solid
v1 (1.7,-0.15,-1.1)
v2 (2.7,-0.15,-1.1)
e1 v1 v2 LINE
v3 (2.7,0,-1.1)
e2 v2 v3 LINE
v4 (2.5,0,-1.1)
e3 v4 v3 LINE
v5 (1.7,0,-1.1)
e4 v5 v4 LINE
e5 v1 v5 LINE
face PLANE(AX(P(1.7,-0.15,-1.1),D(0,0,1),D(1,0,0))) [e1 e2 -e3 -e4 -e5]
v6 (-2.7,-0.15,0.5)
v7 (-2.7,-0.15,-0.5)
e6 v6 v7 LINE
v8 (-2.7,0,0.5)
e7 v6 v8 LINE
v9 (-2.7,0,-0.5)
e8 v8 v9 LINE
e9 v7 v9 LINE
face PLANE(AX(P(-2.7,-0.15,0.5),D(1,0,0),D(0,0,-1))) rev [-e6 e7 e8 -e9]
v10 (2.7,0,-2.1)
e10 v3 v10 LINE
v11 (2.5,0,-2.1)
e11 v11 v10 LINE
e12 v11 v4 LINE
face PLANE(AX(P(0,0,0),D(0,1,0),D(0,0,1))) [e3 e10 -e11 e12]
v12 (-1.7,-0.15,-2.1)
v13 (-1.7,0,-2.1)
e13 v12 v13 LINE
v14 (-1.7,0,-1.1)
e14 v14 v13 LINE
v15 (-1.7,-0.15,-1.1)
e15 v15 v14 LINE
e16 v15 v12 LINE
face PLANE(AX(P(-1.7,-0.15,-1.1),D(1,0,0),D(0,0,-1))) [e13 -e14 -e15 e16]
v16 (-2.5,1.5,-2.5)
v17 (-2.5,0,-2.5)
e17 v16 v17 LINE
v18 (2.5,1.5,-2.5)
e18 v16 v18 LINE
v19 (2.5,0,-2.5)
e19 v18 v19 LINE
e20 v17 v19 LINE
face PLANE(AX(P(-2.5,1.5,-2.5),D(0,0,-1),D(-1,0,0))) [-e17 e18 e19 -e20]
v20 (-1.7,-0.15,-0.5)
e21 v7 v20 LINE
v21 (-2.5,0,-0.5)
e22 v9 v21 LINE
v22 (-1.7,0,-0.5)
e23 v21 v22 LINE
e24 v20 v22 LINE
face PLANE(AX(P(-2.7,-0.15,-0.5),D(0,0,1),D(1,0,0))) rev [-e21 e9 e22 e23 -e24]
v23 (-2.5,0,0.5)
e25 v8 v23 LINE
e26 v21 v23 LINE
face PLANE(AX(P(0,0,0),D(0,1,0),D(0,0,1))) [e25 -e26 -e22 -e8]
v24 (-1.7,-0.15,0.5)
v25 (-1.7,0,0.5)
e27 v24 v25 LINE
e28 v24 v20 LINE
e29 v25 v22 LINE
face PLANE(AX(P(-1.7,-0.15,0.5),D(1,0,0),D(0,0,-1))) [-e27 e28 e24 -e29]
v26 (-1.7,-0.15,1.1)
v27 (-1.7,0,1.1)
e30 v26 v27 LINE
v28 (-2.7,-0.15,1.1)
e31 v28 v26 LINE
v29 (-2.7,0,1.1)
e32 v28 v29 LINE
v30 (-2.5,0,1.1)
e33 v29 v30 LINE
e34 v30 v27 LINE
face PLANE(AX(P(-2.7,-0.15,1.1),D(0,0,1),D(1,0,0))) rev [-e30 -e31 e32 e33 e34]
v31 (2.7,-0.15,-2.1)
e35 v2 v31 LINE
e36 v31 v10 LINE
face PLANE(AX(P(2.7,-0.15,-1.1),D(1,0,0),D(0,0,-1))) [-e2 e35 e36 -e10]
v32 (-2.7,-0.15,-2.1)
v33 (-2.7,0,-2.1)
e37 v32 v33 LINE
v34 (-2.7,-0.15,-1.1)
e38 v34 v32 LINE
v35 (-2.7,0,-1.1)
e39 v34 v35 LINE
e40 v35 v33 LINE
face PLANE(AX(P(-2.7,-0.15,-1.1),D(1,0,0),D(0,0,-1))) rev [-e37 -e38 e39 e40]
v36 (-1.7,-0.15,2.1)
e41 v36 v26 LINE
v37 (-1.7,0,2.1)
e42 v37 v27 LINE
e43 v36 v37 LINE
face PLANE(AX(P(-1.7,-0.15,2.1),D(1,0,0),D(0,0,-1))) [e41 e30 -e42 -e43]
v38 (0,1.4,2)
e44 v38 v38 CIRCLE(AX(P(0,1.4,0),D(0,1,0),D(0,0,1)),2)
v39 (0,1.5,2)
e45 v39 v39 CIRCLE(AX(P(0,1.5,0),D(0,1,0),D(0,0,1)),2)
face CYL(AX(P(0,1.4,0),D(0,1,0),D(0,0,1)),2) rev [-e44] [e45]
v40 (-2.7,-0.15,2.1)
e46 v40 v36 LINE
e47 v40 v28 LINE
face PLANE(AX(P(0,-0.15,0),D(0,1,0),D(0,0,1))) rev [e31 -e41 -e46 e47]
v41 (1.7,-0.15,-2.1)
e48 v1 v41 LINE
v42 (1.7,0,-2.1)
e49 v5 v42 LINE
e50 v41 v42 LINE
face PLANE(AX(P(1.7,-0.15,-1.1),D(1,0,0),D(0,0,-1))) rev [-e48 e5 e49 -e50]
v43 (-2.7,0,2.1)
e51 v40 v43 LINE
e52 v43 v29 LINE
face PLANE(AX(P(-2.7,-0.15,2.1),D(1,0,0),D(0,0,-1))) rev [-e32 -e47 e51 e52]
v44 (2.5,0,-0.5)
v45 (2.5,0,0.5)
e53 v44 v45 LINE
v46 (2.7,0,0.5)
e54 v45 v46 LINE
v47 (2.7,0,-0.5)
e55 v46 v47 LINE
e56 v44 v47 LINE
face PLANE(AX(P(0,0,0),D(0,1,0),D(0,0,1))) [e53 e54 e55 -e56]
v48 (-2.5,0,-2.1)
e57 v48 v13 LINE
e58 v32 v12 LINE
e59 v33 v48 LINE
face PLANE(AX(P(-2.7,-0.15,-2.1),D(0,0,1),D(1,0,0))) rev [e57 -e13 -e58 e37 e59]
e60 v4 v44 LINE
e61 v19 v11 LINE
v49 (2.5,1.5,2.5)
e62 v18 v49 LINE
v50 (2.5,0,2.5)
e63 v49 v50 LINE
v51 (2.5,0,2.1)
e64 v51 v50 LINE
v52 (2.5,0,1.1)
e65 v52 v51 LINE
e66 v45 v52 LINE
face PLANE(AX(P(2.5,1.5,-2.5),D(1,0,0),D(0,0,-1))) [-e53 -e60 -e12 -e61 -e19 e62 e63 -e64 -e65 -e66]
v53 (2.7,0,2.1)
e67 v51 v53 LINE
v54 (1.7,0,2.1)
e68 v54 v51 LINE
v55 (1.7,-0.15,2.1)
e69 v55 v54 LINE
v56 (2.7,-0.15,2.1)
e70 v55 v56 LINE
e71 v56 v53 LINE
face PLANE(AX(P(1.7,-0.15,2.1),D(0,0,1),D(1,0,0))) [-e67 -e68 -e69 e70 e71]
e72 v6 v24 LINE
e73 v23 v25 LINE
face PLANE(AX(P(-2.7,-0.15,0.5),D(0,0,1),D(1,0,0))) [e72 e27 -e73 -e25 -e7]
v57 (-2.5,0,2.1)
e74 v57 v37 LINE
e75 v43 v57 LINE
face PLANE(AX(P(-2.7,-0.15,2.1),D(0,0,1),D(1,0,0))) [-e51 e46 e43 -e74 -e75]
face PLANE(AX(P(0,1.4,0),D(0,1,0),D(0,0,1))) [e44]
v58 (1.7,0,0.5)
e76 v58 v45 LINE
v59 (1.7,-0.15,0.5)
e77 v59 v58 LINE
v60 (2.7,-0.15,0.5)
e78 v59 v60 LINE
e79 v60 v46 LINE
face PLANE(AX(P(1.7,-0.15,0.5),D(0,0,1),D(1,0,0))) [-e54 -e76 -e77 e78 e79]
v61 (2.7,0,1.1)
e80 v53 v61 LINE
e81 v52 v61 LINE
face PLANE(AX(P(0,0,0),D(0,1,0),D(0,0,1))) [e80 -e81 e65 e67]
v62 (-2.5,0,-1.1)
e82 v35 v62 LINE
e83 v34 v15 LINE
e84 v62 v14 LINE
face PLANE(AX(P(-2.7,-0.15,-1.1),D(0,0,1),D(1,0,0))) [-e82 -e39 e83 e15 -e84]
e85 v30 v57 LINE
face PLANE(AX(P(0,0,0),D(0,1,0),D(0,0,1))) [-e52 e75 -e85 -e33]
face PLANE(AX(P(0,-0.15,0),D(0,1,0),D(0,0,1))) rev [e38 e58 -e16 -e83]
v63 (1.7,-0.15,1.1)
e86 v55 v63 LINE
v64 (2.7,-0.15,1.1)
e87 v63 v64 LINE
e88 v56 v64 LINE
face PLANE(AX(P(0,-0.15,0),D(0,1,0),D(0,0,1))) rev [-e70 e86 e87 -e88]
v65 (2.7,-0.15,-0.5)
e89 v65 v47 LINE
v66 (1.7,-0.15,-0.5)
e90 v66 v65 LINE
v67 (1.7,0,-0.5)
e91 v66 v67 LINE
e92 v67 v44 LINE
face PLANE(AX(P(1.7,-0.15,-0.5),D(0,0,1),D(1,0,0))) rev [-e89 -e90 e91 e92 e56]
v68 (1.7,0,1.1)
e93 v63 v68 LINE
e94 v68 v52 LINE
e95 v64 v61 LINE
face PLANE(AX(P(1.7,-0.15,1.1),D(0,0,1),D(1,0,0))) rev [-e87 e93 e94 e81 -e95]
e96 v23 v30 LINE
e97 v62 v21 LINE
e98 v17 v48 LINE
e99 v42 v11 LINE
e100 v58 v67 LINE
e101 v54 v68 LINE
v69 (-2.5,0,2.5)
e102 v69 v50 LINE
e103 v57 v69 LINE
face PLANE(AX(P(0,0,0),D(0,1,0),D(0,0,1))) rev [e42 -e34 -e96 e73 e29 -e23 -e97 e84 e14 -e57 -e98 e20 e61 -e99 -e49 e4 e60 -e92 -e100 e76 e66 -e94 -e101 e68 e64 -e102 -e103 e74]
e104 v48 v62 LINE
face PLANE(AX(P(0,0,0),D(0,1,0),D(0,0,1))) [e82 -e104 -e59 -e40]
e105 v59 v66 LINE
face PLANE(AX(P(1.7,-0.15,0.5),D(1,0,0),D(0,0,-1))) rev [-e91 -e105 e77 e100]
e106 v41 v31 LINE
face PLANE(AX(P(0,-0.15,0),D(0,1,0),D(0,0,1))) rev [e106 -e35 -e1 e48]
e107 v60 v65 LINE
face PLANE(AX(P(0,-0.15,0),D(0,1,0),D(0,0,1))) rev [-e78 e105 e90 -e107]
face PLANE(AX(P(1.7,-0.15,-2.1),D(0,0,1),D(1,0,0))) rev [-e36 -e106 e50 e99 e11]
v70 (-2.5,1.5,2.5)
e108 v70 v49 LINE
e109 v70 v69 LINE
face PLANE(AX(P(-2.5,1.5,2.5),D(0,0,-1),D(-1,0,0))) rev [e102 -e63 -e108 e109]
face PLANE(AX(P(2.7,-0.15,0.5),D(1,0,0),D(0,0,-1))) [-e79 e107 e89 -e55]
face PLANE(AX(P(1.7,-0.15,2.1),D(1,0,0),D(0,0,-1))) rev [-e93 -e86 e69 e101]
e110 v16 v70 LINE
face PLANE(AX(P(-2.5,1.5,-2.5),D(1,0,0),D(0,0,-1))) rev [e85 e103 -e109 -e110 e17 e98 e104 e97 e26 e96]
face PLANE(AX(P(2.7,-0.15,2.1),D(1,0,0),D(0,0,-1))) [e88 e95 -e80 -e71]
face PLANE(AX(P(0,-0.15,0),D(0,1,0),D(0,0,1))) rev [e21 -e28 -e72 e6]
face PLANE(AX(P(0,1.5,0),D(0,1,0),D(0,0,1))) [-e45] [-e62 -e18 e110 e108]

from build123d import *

# Parameters (mm, degrees)
SKETCH1_W           = 5
SKETCH1_H           = 5
BOSS_EXTRUDE1_DEPTH = 1.5
SKETCH1_3_W         = 1
SKETCH1_3_H         = 1
BOSS_EXTRUDE2_DEPTH = 0.15
SKETCH2_R           = 2
CUT_EXTRUDE1_DEPTH  = 0.1


with BuildPart() as part:
    # Sketch1 → Boss-Extrude1 (new body)
    with BuildSketch(Plane(origin=(0, 0, 0), x_dir=(1, 0, 0), z_dir=(0, 1, 0))):
        Rectangle(SKETCH1_W, SKETCH1_H)
    extrude(amount=BOSS_EXTRUDE1_DEPTH)

    # Sketch1<3> → Boss-Extrude2 (add)
    with BuildSketch(Plane(origin=(0, 0, 0), x_dir=(1, 0, 0), z_dir=(0, 1, 0))):
        with Locations((2.2, -1.6)):
            Rectangle(SKETCH1_3_W, SKETCH1_3_H)
        with Locations((-2.2, -1.6)):
            Rectangle(SKETCH1_3_W, SKETCH1_3_H)
        with Locations((2.2, 0)):
            Rectangle(SKETCH1_3_W, SKETCH1_3_H)
        with Locations((2.2, 1.6)):
            Rectangle(SKETCH1_3_W, SKETCH1_3_H)
        with Locations((-2.2, 0)):
            Rectangle(SKETCH1_3_W, SKETCH1_3_H)
        with Locations((-2.2, 1.6)):
            Rectangle(SKETCH1_3_W, SKETCH1_3_H)
    extrude(amount=-BOSS_EXTRUDE2_DEPTH)

    # Sketch2 → Cut-Extrude1 (cut)
    with BuildSketch(Plane(origin=(0, 1.5, 0), x_dir=(1, 0, 0), z_dir=(0, 1, 0))):
        Circle(SKETCH2_R)
    extrude(amount=-CUT_EXTRUDE1_DEPTH, mode=Mode.SUBTRACT)


solid = part.part
